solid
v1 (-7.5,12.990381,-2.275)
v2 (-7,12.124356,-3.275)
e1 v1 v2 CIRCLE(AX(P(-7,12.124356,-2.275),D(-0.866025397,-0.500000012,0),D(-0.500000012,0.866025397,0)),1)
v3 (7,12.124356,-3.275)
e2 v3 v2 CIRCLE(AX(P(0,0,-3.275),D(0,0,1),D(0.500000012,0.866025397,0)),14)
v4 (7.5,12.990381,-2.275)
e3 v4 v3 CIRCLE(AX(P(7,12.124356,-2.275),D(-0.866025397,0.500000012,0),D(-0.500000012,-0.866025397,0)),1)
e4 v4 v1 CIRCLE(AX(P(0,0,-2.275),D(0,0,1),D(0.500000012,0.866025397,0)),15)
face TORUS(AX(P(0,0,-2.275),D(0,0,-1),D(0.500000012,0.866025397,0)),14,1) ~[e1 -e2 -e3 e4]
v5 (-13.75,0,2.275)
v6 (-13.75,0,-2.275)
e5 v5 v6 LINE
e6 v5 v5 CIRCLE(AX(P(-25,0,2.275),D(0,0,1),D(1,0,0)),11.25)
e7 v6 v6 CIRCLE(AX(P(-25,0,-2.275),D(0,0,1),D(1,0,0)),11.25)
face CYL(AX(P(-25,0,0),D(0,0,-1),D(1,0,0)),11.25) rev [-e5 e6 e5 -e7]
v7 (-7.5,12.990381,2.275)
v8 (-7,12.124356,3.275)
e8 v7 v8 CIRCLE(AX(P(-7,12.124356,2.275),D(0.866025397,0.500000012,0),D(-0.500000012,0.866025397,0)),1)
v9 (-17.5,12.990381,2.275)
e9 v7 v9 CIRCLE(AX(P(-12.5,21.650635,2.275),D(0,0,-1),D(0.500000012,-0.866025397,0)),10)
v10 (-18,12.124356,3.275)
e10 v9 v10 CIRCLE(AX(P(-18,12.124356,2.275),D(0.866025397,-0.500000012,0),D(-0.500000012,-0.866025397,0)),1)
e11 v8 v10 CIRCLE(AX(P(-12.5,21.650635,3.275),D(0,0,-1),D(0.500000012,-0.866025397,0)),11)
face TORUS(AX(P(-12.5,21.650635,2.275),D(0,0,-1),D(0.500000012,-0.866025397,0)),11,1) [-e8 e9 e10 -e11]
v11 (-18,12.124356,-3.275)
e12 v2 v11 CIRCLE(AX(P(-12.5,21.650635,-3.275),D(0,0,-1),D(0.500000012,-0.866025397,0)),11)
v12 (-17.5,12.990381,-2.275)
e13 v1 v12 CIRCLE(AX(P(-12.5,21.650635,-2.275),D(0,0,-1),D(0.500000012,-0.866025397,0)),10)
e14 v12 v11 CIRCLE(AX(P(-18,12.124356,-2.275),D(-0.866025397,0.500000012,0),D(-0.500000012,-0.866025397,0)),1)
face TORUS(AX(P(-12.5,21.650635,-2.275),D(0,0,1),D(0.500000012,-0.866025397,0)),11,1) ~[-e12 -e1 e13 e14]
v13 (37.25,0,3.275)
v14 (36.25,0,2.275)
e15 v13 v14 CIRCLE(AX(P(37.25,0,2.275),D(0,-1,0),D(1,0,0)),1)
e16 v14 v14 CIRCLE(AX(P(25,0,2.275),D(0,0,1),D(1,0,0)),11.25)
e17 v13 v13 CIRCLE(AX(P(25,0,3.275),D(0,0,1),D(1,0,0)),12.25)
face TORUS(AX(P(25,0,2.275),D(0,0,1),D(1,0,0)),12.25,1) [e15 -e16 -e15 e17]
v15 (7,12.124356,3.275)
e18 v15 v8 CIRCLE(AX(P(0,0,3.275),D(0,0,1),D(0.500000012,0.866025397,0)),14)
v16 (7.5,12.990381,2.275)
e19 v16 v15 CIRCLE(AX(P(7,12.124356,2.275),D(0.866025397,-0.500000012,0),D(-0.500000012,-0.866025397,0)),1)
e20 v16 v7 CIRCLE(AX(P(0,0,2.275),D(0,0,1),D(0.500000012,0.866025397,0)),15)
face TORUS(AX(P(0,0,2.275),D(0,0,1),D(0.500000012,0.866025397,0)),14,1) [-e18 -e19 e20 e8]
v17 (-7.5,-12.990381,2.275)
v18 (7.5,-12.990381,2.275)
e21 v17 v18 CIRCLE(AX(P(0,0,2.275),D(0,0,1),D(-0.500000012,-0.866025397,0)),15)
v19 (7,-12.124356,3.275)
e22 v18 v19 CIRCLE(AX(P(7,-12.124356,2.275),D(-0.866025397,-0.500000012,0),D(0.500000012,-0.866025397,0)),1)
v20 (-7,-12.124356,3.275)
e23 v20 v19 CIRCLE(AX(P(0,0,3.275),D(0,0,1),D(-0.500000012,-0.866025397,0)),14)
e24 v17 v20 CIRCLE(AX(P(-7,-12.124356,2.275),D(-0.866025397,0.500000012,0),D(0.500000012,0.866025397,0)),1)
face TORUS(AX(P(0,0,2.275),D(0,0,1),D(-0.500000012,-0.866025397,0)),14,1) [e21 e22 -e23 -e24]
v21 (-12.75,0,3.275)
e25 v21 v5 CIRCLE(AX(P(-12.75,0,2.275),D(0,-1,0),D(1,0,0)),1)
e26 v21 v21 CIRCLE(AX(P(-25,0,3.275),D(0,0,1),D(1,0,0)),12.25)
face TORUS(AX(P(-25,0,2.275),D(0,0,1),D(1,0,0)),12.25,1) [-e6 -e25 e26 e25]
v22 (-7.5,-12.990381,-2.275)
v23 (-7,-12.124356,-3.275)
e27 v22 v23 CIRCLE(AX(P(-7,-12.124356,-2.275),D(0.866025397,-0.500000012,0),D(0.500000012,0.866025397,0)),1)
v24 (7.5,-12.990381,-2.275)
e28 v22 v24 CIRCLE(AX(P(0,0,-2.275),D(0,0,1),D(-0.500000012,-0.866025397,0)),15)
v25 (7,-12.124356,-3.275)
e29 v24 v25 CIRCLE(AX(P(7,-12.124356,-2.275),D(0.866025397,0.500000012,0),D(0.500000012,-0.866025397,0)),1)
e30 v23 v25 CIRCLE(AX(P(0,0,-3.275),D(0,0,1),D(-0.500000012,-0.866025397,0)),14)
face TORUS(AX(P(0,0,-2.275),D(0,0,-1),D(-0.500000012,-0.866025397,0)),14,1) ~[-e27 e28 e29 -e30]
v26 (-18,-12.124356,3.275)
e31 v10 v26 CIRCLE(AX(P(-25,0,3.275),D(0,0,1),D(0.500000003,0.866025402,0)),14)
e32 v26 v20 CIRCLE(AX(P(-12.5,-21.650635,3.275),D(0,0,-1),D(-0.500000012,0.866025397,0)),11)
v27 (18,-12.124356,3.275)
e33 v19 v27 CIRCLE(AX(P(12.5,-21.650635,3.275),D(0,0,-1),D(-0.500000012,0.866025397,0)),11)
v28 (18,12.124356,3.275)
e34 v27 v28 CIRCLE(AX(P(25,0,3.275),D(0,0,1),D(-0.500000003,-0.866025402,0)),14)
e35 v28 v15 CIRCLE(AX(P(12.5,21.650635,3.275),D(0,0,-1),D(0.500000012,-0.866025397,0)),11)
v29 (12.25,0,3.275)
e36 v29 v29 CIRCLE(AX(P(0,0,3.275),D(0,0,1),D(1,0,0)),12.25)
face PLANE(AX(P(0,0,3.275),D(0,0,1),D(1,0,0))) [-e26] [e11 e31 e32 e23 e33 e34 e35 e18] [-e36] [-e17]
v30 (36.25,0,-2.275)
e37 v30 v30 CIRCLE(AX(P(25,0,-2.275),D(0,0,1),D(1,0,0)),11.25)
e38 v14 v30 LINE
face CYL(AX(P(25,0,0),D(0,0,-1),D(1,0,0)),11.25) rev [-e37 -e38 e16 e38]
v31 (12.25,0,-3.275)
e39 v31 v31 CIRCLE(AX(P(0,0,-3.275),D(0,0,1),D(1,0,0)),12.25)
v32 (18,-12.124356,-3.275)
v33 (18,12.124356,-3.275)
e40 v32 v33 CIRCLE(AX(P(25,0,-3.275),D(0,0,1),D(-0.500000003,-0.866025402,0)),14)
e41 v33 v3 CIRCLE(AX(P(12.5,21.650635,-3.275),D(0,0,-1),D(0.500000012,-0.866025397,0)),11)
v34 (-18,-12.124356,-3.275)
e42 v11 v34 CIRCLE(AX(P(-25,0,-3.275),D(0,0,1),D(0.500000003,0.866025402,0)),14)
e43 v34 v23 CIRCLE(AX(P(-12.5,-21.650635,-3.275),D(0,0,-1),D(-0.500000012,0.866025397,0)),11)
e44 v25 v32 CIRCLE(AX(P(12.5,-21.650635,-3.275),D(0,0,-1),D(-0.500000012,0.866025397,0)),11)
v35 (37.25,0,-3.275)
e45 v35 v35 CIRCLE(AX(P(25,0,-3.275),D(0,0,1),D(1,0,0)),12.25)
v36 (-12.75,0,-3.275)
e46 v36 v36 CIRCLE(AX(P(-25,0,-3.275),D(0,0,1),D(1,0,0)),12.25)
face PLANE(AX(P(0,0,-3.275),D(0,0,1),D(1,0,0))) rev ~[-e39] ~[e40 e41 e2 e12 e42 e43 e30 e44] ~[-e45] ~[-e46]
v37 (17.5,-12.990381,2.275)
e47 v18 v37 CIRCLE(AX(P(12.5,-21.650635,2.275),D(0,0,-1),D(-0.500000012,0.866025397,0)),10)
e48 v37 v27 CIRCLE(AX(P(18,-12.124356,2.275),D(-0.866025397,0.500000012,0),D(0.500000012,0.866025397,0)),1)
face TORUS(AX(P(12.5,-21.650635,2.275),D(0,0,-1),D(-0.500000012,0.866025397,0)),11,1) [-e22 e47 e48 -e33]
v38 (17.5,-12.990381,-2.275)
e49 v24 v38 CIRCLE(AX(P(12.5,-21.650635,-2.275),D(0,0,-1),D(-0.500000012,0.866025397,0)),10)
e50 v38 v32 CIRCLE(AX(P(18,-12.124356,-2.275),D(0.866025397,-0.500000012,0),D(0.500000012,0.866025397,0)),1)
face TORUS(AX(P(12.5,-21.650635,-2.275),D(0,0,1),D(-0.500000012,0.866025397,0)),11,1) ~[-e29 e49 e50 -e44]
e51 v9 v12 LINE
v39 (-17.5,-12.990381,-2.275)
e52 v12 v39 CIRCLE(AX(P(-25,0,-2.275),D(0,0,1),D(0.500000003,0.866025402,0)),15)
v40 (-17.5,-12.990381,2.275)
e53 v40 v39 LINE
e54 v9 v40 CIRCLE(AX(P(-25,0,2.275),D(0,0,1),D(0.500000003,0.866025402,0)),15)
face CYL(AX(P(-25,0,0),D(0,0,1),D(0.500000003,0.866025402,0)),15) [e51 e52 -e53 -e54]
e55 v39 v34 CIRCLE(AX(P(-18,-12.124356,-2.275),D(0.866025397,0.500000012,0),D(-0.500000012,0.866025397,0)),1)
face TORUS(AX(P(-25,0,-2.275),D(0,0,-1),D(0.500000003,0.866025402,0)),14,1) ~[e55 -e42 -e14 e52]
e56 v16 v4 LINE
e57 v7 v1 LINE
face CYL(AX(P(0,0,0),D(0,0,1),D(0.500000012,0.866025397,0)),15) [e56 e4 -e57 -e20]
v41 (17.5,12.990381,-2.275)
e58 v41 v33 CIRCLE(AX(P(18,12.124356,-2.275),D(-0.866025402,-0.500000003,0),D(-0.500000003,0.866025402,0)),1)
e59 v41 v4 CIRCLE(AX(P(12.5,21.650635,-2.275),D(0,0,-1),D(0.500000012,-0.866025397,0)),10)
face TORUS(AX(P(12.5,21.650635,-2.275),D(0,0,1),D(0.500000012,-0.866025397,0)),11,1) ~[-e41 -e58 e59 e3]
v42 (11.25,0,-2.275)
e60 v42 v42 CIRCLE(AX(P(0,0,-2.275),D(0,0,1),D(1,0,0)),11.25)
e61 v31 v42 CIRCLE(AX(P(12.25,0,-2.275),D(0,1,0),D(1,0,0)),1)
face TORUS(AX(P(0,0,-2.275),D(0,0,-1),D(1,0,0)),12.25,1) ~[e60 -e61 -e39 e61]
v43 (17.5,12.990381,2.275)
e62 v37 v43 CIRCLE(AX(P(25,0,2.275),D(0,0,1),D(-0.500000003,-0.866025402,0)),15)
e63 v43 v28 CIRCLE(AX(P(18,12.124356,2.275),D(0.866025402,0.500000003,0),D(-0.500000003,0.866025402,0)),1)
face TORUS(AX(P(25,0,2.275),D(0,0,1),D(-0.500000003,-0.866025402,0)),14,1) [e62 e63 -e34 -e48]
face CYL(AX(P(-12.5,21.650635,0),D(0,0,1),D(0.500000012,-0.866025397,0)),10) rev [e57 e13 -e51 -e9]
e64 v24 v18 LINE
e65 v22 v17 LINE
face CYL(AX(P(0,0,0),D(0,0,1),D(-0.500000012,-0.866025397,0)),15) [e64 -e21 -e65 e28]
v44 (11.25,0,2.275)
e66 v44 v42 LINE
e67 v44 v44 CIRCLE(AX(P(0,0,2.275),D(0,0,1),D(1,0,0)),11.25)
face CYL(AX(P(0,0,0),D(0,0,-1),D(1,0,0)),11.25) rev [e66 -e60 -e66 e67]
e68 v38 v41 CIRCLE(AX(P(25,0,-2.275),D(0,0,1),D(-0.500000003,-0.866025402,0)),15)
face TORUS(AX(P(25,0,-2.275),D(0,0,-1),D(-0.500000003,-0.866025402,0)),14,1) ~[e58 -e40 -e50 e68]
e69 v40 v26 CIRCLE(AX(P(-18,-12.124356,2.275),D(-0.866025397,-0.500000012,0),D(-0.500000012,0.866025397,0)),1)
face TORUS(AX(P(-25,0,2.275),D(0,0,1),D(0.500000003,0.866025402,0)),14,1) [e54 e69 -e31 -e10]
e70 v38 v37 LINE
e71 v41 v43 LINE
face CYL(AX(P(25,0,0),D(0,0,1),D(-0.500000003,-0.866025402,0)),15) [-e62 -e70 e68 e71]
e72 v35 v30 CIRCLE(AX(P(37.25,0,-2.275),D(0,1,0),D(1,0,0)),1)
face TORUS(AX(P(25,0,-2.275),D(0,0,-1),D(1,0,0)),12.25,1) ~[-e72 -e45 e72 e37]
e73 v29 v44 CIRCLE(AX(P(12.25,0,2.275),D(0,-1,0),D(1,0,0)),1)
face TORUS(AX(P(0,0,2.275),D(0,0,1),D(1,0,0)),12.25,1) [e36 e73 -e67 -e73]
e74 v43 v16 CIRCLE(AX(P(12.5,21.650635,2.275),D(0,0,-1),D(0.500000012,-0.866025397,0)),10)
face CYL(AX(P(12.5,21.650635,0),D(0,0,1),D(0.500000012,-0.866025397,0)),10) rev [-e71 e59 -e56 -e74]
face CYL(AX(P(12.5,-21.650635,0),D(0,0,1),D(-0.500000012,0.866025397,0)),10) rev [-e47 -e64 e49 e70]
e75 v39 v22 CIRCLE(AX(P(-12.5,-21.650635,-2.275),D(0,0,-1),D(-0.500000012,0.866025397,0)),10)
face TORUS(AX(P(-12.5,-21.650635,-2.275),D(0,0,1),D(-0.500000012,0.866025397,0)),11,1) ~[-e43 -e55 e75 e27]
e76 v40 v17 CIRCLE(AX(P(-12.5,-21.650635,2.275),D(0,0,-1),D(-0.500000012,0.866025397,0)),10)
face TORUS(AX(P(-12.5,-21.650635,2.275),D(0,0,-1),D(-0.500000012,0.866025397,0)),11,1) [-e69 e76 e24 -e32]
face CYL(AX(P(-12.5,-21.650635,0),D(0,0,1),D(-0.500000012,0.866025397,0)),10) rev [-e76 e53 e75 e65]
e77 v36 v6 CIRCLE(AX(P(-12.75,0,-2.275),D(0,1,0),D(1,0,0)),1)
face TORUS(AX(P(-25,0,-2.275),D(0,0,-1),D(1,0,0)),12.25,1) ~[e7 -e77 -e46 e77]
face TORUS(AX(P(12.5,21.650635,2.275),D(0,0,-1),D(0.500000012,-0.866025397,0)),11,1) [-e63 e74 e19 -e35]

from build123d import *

# Parameters (mm, degrees)
F0_R     = 11.25
F1_DEPTH = 3.275
F2_R     = 1
F3_R     = 1


with BuildPart() as f1:
    # F0 (on Top) → F1 (new body, symmetric)
    with BuildSketch(Plane.XY):
        with BuildLine():
            ThreePointArc((-17.5, -12.990381), (-12.5, -11.650635), (-7.5, -12.990381))
            ThreePointArc((-7.5, -12.990381), (0, -15), (7.5, -12.990381))
            ThreePointArc((7.5, -12.990381), (12.5, -11.650635), (17.5, -12.990381))
            ThreePointArc((17.5, -12.990381), (40, 0), (17.5, 12.990381))
            ThreePointArc((17.5, 12.990381), (12.5, 11.650635), (7.5, 12.990381))
            ThreePointArc((7.5, 12.990381), (0, 15), (-7.5, 12.990381))
            ThreePointArc((-7.5, 12.990381), (-12.5, 11.650635), (-17.5, 12.990381))
            ThreePointArc((-17.5, 12.990381), (-40, 0), (-17.5, -12.990381))
        make_face()
        with Locations((-25, 0)):
            Circle(F0_R, mode=Mode.SUBTRACT)
        Circle(F0_R, mode=Mode.SUBTRACT)
        with Locations((25, 0)):
            Circle(F0_R, mode=Mode.SUBTRACT)
    extrude(amount=F1_DEPTH, both=True)

    # F2
    f2_edges = [f1.edges().sort_by_distance(p)[0] for p in [
        (-12.5, -11.650635, 3.275),
        (0, -15, 3.275),
        (12.5, -11.650635, 3.275),
        (40, 0, 3.275),
        (12.5, 11.650635, 3.275),
        (0, 15, 3.275),
        (-12.5, 11.650635, 3.275),
        (-40, 0, 3.275),
        (-36.25, 0, 3.275),
        (-11.25, 0, 3.275),
        (13.75, 0, 3.275),
    ]]
    fillet(f2_edges, radius=F2_R)

    # F3
    f3_edges = [f1.edges().sort_by_distance(p)[0] for p in [
        (-12.5, -11.650635, -3.275),
        (0, -15, -3.275),
        (12.5, -11.650635, -3.275),
        (40, 0, -3.275),
        (12.5, 11.650635, -3.275),
        (0, 15, -3.275),
        (-12.5, 11.650635, -3.275),
        (-40, 0, -3.275),
        (-36.25, 0, -3.275),
        (-11.25, 0, -3.275),
        (13.75, 0, -3.275),
    ]]
    fillet(f3_edges, radius=F3_R)


solid = f1.part
